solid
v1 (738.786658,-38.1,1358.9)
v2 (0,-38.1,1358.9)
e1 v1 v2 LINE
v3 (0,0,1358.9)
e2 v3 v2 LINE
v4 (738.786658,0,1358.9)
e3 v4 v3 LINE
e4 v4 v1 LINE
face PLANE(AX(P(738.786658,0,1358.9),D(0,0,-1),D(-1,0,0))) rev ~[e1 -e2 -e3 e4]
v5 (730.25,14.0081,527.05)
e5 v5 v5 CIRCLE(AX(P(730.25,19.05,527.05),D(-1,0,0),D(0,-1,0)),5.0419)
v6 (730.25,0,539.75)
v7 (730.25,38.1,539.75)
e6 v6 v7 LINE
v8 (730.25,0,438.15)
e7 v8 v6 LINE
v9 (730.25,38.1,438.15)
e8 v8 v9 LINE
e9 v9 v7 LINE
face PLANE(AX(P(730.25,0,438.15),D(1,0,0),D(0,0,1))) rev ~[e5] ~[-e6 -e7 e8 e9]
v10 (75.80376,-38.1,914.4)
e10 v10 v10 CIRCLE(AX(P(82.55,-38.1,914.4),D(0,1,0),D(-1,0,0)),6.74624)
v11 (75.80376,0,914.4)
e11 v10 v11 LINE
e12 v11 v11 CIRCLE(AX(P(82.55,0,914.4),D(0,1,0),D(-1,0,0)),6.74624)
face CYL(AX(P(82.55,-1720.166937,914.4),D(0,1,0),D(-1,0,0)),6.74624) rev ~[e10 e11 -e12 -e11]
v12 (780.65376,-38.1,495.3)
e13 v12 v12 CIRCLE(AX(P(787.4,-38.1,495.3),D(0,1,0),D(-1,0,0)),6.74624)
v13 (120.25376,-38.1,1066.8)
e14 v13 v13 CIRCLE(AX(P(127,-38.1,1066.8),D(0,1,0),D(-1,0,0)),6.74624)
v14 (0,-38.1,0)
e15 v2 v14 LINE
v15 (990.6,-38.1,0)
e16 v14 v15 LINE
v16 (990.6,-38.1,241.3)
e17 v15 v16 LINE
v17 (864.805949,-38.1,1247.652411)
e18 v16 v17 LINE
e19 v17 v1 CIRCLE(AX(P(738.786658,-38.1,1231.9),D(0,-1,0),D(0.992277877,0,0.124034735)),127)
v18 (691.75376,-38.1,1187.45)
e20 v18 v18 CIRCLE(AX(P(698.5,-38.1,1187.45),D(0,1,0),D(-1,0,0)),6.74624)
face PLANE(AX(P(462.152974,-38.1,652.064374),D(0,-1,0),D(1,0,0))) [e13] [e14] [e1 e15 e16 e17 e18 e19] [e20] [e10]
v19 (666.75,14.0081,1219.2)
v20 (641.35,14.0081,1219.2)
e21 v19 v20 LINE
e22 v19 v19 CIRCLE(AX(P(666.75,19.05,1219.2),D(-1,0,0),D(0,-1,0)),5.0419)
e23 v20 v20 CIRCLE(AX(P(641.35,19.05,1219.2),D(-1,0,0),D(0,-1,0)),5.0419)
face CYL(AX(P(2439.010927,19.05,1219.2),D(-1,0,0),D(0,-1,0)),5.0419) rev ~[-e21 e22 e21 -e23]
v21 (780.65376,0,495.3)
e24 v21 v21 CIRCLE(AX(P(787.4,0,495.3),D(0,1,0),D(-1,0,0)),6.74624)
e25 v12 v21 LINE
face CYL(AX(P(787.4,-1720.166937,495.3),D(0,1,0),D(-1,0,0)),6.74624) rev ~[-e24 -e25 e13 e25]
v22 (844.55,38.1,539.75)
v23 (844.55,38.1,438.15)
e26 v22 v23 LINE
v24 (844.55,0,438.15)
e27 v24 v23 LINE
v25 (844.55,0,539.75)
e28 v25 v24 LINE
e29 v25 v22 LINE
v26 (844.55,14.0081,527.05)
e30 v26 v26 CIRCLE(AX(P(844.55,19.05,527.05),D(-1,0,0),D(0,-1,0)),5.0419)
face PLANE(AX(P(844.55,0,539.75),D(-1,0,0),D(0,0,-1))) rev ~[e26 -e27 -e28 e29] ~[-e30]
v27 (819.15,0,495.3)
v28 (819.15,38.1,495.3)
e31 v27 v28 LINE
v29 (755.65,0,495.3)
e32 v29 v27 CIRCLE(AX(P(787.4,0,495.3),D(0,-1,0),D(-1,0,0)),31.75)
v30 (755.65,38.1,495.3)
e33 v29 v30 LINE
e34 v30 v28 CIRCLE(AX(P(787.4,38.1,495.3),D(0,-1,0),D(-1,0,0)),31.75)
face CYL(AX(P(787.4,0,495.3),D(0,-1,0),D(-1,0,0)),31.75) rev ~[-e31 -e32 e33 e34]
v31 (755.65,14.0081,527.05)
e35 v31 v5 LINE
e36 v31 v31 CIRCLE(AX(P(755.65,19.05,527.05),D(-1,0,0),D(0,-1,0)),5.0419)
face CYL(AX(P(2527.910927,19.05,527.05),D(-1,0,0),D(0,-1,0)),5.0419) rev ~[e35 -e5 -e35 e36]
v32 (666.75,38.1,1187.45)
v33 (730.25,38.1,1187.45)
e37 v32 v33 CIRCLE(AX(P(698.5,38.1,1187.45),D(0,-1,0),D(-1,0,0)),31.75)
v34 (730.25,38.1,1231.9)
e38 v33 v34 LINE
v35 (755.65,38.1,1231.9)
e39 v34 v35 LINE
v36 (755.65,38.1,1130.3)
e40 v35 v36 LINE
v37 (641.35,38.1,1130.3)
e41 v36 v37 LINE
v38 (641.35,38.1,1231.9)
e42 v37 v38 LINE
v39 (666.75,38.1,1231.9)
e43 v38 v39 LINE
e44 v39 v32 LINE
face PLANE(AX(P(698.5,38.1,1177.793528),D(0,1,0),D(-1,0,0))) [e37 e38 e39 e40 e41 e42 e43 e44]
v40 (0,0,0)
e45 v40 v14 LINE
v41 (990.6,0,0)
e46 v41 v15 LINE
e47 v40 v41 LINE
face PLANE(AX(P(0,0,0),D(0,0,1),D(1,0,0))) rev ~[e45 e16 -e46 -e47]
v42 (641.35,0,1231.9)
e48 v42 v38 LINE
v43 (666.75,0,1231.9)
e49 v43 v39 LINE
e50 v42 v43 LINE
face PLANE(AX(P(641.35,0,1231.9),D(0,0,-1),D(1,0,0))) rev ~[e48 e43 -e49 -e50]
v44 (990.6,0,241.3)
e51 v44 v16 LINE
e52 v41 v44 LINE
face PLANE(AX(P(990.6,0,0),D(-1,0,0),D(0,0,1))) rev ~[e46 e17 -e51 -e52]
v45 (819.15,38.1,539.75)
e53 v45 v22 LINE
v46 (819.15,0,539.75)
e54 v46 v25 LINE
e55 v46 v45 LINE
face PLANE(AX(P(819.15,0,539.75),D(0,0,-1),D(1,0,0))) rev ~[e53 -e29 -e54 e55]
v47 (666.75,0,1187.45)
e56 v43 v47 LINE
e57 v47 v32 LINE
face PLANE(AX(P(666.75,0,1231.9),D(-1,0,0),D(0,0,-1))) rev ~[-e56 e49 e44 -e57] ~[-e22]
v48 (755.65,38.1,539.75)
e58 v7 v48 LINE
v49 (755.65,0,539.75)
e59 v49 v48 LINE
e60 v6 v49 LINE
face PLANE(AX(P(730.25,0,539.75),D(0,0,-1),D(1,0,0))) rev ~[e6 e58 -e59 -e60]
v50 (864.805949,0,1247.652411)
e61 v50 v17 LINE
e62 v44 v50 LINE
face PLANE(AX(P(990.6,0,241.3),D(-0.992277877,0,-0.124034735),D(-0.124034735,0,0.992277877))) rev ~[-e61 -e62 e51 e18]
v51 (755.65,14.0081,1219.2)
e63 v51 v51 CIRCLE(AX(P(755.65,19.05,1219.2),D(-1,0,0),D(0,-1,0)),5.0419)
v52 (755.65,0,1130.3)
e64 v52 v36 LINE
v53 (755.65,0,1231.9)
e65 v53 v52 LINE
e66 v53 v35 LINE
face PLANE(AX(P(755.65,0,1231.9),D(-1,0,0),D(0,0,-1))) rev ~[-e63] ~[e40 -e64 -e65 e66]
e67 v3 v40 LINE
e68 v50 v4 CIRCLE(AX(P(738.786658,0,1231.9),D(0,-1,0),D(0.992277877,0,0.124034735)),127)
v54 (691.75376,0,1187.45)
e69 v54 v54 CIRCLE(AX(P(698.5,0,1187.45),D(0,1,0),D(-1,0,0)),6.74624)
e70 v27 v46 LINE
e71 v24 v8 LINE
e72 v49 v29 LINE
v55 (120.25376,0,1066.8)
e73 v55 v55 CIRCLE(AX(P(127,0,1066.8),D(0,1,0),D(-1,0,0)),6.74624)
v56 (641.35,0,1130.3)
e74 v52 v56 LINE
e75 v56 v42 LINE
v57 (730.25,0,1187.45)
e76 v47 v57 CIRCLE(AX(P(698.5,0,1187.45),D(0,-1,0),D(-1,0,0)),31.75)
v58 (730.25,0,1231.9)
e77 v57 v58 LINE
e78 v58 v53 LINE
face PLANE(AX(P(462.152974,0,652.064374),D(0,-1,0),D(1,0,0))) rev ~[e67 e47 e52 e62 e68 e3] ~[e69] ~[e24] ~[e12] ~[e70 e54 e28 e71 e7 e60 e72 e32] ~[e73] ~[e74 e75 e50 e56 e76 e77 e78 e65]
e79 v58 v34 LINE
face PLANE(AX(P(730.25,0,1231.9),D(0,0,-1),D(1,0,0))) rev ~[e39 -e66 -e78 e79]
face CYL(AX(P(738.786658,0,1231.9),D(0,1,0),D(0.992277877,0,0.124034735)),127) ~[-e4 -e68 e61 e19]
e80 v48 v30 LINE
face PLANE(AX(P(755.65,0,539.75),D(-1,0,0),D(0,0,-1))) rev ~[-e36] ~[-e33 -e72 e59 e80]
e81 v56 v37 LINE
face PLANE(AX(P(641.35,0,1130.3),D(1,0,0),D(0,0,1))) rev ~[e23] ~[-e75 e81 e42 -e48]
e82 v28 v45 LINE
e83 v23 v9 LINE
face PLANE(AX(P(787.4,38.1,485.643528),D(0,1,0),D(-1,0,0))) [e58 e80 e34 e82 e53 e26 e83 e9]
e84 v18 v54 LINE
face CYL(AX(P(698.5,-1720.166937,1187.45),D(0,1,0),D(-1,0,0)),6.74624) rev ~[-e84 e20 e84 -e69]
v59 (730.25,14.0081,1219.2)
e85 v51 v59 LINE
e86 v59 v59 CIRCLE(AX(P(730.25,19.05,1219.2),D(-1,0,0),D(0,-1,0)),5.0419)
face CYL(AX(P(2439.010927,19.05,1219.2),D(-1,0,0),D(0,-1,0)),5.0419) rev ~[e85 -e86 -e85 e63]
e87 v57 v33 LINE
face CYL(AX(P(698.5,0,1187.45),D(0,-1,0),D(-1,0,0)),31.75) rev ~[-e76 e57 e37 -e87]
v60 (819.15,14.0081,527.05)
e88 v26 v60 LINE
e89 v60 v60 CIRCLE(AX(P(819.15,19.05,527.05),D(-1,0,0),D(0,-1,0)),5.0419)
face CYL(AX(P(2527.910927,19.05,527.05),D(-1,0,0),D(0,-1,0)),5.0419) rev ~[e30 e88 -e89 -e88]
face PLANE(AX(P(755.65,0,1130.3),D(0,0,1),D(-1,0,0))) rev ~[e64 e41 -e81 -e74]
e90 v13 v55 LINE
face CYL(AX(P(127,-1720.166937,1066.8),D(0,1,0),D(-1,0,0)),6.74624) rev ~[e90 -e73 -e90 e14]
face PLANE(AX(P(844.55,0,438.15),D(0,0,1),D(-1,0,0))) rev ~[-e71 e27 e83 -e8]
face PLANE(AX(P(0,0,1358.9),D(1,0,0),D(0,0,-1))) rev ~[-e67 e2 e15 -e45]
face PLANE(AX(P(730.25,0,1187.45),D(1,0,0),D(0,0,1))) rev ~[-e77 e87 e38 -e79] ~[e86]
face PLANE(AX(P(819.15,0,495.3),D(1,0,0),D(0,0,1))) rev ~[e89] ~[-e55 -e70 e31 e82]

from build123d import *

# Parameters (mm, degrees)
F1_DEPTH    = 38.1
F3_D        = 13.49248
F5_DEPTH    = 38.1
F7_DEPTH    = 38.1
F10_D       = 10.0838
F10_ON_F9_D = 10.0838


with BuildPart() as f1:
    # F0 (on Front) → F1 (new body)
    with BuildSketch(Plane.XZ):
        with BuildLine():
            Line((0, 1358.9), (0, 0))
            Line((0, 0), (990.6, 0))
            Line((990.6, 0), (990.6, 241.3))
            Line((990.6, 241.3), (864.8059485884, 1247.6524112928))
            ThreePointArc((864.8059485884, 1247.6524112928), (822.8355837767, 1327.1091283286), (738.7866582458, 1358.9))
            Line((738.7866582458, 1358.9), (0, 1358.9))
        make_face()
    extrude(amount=F1_DEPTH)

    # F3 (through all)
    with Locations(Plane.XZ.offset(38.1)):
        with Locations((698.5, 1187.45), (82.55, 914.4), (127, 1066.8), (787.4, 495.3)):
            Hole(F3_D / 2)

    # F4 (on face) → F5 (join)
    with BuildSketch(Plane(origin=(0, 0, 0), x_dir=(-1, 0, 0), z_dir=(0, 1, 0))):
        with BuildLine():
            ThreePointArc((-666.75, 1187.45), (-698.5, 1155.7), (-730.25, 1187.45))
            Line((-730.25, 1187.45), (-730.25, 1231.9))
            Line((-730.25, 1231.9), (-755.65, 1231.9))
            Line((-755.65, 1231.9), (-755.65, 1130.3))
            Line((-755.65, 1130.3), (-698.5, 1130.3))
            Line((-698.5, 1130.3), (-641.35, 1130.3))
            Line((-641.35, 1130.3), (-641.35, 1231.9))
            Line((-641.35, 1231.9), (-666.75, 1231.9))
            Line((-666.75, 1231.9), (-666.75, 1187.45))
        make_face()
    extrude(amount=F5_DEPTH)

    # F6 (on face) → F7 (join)
    with BuildSketch(Plane(origin=(0, 0, 0), x_dir=(-1, 0, 0), z_dir=(0, 1, 0))):
        with BuildLine():
            ThreePointArc((-755.65, 495.3), (-787.4, 463.55), (-819.15, 495.3))
            Line((-819.15, 495.3), (-819.15, 539.75))
            Line((-819.15, 539.75), (-844.55, 539.75))
            Line((-844.55, 539.75), (-844.55, 438.15))
            Line((-844.55, 438.15), (-787.4, 438.15))
            Line((-787.4, 438.15), (-730.25, 438.15))
            Line((-730.25, 438.15), (-730.25, 539.75))
            Line((-730.25, 539.75), (-755.65, 539.75))
            Line((-755.65, 539.75), (-755.65, 495.3))
        make_face()
    extrude(amount=F7_DEPTH)

    # F10 (through all)
    with Locations(Plane.YZ.offset(755.65)):
        with Locations((19.05, 1219.2)):
            Hole(F10_D / 2)

    # F10 on F9 (through all)
    with Locations(Plane.YZ.offset(844.55)):
        with Locations((19.05, 527.05)):
            Hole(F10_ON_F9_D / 2)


solid = f1.part
